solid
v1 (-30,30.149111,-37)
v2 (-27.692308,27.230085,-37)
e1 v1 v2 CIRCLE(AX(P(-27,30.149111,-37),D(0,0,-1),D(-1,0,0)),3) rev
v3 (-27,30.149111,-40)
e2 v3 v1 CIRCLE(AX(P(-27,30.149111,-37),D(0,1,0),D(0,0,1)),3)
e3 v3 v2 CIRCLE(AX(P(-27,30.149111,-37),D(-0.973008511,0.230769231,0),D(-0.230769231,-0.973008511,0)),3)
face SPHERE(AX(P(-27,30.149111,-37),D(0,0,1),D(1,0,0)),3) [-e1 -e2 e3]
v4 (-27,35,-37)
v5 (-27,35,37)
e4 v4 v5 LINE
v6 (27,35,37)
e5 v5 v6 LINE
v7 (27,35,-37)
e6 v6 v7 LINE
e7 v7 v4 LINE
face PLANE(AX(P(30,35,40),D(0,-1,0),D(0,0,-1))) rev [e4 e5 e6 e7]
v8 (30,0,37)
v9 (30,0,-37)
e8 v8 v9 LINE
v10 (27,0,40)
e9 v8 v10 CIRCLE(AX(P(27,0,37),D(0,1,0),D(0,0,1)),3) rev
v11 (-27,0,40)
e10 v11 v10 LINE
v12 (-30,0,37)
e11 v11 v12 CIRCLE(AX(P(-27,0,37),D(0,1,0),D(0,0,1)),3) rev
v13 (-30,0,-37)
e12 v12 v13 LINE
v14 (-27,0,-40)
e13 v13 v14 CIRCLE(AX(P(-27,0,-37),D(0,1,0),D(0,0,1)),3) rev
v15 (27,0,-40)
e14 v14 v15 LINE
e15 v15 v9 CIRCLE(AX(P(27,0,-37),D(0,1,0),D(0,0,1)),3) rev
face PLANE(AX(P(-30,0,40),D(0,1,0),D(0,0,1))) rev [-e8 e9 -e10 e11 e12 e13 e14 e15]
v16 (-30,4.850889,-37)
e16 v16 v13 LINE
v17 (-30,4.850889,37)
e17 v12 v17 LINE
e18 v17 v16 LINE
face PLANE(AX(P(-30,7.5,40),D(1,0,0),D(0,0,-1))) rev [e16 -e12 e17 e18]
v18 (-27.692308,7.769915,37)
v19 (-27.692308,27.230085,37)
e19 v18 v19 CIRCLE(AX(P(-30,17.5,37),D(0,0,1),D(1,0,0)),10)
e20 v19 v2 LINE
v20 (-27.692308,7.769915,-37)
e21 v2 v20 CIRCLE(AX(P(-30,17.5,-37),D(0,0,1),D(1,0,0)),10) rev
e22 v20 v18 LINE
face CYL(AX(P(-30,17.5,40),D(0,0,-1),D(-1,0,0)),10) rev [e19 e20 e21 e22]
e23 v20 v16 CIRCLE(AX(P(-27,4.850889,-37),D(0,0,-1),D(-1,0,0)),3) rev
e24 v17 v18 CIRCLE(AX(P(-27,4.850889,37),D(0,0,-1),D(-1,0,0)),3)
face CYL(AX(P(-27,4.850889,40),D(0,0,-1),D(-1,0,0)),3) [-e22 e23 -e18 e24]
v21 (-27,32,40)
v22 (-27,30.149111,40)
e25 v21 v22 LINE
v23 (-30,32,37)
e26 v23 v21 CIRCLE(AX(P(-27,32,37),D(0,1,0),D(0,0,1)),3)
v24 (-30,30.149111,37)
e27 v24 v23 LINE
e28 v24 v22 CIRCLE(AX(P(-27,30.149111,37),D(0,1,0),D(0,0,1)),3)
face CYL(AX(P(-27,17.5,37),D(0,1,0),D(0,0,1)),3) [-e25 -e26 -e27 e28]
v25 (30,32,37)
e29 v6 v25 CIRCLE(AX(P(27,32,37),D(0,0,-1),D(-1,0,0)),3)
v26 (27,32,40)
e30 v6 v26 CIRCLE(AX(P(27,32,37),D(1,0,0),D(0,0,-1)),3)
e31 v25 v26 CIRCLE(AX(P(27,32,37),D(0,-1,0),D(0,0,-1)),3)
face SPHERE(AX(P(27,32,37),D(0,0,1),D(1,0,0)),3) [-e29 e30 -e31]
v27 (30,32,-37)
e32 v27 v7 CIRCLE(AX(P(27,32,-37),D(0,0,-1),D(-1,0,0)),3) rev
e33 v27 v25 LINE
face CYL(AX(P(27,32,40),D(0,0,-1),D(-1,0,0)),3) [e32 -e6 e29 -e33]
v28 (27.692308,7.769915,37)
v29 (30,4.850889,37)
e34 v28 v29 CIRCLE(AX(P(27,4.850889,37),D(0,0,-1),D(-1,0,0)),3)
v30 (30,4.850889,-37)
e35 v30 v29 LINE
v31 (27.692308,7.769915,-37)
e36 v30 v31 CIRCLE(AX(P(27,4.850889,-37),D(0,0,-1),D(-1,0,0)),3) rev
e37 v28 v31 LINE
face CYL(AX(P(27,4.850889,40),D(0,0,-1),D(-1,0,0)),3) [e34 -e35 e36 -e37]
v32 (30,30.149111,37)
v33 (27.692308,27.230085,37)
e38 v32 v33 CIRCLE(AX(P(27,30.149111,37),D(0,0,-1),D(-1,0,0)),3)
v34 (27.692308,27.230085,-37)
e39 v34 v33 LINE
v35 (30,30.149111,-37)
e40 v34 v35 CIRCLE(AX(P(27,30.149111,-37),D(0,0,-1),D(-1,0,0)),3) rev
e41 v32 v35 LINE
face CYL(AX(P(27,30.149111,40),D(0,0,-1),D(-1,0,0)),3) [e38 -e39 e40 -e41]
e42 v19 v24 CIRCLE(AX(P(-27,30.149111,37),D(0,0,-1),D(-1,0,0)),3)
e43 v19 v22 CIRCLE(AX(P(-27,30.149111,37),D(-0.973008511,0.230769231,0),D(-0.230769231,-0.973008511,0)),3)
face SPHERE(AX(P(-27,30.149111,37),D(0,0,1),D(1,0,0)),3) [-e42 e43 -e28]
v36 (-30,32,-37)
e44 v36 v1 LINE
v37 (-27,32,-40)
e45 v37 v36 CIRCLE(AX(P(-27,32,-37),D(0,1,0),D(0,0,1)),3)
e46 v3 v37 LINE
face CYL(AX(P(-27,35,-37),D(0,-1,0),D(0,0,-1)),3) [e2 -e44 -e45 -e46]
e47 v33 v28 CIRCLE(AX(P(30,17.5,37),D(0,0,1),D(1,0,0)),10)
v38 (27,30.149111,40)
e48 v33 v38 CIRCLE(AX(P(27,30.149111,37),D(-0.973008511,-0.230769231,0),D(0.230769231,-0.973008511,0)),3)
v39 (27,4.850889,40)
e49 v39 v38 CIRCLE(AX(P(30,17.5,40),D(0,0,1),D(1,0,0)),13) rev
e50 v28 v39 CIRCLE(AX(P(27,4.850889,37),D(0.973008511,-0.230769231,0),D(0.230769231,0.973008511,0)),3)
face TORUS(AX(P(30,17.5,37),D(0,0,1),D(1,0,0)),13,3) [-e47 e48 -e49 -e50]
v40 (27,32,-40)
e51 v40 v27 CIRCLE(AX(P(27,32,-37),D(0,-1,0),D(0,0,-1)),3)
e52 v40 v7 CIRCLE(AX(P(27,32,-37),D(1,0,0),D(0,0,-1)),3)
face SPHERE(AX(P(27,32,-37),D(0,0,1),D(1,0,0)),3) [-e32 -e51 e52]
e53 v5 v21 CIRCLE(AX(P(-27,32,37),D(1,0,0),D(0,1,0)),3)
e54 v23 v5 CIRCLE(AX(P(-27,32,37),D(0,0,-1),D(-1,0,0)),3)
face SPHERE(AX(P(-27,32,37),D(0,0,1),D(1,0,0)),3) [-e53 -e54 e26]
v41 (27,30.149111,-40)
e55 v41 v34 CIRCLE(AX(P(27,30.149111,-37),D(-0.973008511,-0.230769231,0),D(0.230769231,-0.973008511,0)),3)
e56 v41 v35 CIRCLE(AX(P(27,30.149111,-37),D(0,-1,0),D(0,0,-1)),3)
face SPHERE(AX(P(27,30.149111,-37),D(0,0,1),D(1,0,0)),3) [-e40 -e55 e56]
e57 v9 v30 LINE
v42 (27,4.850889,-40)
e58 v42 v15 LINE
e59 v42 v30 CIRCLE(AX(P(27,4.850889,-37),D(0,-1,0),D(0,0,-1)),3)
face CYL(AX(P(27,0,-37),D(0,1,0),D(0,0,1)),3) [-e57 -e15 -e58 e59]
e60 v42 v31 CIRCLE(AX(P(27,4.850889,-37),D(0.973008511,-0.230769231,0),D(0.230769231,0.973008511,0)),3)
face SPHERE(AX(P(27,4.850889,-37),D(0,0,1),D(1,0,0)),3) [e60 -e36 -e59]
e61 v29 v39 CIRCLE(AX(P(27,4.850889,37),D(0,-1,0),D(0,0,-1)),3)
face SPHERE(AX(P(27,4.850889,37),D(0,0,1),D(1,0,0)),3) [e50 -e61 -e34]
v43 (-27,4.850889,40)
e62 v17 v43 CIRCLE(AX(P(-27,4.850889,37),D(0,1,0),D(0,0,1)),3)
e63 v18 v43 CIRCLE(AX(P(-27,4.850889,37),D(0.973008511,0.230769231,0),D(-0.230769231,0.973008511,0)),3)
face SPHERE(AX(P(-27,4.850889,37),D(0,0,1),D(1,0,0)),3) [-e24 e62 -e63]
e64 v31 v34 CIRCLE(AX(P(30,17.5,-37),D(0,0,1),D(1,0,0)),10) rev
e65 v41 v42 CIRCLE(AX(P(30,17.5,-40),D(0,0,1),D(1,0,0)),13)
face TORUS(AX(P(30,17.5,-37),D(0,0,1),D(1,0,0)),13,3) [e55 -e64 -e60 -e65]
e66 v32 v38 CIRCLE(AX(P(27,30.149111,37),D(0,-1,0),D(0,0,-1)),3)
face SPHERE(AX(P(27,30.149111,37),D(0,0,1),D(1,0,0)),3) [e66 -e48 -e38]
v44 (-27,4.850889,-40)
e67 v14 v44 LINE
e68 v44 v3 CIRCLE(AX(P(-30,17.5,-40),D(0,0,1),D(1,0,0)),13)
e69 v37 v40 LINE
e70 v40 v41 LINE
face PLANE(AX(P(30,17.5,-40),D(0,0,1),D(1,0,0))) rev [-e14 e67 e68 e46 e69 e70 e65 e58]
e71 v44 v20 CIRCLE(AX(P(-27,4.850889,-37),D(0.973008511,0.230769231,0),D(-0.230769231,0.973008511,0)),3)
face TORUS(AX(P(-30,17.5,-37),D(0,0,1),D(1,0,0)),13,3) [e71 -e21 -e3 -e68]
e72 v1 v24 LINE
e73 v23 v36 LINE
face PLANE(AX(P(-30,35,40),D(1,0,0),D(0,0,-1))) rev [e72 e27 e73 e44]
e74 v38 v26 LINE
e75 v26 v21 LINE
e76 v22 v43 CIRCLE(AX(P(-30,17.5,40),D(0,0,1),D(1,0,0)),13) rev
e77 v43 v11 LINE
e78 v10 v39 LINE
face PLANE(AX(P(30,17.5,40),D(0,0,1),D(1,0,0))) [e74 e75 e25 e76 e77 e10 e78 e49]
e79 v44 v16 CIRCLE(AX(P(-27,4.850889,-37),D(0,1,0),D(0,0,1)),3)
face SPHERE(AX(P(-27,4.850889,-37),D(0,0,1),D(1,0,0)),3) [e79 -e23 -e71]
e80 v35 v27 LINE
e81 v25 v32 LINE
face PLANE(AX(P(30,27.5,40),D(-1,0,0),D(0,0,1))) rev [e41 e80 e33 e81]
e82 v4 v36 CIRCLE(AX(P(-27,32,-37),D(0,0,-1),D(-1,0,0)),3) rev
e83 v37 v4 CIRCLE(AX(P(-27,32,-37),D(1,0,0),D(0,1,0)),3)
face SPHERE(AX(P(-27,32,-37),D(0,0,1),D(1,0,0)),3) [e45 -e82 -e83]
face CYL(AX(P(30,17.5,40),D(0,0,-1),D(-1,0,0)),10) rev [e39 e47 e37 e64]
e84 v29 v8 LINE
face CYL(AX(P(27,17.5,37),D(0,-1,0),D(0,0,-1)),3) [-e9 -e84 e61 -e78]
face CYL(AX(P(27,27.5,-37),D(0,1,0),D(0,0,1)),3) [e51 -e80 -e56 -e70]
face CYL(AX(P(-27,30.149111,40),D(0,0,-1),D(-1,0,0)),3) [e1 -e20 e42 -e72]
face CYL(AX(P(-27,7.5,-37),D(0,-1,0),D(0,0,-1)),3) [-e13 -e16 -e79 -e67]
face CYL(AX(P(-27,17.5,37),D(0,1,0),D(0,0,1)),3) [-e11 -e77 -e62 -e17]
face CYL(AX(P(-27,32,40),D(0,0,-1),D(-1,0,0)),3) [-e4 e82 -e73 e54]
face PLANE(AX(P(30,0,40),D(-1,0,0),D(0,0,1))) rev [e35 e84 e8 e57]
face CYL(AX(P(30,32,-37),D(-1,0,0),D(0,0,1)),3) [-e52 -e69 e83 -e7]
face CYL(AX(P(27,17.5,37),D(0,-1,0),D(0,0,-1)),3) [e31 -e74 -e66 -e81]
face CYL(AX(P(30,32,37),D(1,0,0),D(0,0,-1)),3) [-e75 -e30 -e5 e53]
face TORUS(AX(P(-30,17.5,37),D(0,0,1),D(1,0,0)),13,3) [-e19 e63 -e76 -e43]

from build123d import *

# Parameters (mm, degrees)
EXTRUDE_1_DEPTH = 40
FILLET_1_R      = 3
FILLET_2_R      = 3


with BuildPart() as part:
    # Эскиз1 → Бобышка-Вытянуть1 (new, symmetric)
    with BuildSketch(Plane.XY):
        with BuildLine():
            Line((-30, 0), (30, 0))
            Line((30, 0), (30, 7.5))
            ThreePointArc((30, 7.5), (20, 17.5), (30, 27.5))
            Line((30, 27.5), (30, 35))
            Line((30, 35), (-30, 35))
            Line((-30, 35), (-30, 27.5))
            ThreePointArc((-30, 27.5), (-20, 17.5), (-30, 7.5))
            Line((-30, 7.5), (-30, 0))
        make_face()
    extrude(amount=EXTRUDE_1_DEPTH, both=True)

    # Скругление1
    fillet_1_edges = [part.edges().sort_by_distance(p)[0] for p in [
        (-30, 7.5, 0),
        (-30, 27.5, 0),
        (-30, 35, 0),
        (30, 35, 0),
        (30, 27.5, 0),
        (30, 7.5, 0),
    ]]
    fillet(fillet_1_edges, radius=FILLET_1_R)

    # Скругление2
    fillet_2_edges = [part.edges().sort_by_distance(p)[0] for p in [
        (30, 2.42544468, 40),
        (20, 17.5, -40),
        (20, 17.5, 40),
        (-30, 2.42544468, -40),
        (-20, 17.5, -40),
        (-30, 31.07455532, -40),
        (0, 35, -40),
        (30, 31.07455532, -40),
        (29.121320344, 34.121320344, -40),
        (-29.121320344, 34.121320344, -40),
        (29.353393622, 28.288589622, -40),
        (-29.353393622, 28.288589622, -40),
        (-29.353393622, 6.711410378, -40),
        (29.353393622, 6.711410378, -40),
        (-30, 2.42544468, 40),
        (30, 31.07455532, 40),
        (0, 35, 40),
        (-30, 31.07455532, 40),
        (-20, 17.5, 40),
        (29.121320344, 34.121320344, 40),
        (-29.121320344, 34.121320344, 40),
        (29.353393622, 28.288589622, 40),
        (-29.353393622, 28.288589622, 40),
        (-29.353393622, 6.711410378, 40),
        (29.353393622, 6.711410378, 40),
        (30, 2.42544468, -40),
    ]]
    fillet(fillet_2_edges, radius=FILLET_2_R)


solid = part.part
